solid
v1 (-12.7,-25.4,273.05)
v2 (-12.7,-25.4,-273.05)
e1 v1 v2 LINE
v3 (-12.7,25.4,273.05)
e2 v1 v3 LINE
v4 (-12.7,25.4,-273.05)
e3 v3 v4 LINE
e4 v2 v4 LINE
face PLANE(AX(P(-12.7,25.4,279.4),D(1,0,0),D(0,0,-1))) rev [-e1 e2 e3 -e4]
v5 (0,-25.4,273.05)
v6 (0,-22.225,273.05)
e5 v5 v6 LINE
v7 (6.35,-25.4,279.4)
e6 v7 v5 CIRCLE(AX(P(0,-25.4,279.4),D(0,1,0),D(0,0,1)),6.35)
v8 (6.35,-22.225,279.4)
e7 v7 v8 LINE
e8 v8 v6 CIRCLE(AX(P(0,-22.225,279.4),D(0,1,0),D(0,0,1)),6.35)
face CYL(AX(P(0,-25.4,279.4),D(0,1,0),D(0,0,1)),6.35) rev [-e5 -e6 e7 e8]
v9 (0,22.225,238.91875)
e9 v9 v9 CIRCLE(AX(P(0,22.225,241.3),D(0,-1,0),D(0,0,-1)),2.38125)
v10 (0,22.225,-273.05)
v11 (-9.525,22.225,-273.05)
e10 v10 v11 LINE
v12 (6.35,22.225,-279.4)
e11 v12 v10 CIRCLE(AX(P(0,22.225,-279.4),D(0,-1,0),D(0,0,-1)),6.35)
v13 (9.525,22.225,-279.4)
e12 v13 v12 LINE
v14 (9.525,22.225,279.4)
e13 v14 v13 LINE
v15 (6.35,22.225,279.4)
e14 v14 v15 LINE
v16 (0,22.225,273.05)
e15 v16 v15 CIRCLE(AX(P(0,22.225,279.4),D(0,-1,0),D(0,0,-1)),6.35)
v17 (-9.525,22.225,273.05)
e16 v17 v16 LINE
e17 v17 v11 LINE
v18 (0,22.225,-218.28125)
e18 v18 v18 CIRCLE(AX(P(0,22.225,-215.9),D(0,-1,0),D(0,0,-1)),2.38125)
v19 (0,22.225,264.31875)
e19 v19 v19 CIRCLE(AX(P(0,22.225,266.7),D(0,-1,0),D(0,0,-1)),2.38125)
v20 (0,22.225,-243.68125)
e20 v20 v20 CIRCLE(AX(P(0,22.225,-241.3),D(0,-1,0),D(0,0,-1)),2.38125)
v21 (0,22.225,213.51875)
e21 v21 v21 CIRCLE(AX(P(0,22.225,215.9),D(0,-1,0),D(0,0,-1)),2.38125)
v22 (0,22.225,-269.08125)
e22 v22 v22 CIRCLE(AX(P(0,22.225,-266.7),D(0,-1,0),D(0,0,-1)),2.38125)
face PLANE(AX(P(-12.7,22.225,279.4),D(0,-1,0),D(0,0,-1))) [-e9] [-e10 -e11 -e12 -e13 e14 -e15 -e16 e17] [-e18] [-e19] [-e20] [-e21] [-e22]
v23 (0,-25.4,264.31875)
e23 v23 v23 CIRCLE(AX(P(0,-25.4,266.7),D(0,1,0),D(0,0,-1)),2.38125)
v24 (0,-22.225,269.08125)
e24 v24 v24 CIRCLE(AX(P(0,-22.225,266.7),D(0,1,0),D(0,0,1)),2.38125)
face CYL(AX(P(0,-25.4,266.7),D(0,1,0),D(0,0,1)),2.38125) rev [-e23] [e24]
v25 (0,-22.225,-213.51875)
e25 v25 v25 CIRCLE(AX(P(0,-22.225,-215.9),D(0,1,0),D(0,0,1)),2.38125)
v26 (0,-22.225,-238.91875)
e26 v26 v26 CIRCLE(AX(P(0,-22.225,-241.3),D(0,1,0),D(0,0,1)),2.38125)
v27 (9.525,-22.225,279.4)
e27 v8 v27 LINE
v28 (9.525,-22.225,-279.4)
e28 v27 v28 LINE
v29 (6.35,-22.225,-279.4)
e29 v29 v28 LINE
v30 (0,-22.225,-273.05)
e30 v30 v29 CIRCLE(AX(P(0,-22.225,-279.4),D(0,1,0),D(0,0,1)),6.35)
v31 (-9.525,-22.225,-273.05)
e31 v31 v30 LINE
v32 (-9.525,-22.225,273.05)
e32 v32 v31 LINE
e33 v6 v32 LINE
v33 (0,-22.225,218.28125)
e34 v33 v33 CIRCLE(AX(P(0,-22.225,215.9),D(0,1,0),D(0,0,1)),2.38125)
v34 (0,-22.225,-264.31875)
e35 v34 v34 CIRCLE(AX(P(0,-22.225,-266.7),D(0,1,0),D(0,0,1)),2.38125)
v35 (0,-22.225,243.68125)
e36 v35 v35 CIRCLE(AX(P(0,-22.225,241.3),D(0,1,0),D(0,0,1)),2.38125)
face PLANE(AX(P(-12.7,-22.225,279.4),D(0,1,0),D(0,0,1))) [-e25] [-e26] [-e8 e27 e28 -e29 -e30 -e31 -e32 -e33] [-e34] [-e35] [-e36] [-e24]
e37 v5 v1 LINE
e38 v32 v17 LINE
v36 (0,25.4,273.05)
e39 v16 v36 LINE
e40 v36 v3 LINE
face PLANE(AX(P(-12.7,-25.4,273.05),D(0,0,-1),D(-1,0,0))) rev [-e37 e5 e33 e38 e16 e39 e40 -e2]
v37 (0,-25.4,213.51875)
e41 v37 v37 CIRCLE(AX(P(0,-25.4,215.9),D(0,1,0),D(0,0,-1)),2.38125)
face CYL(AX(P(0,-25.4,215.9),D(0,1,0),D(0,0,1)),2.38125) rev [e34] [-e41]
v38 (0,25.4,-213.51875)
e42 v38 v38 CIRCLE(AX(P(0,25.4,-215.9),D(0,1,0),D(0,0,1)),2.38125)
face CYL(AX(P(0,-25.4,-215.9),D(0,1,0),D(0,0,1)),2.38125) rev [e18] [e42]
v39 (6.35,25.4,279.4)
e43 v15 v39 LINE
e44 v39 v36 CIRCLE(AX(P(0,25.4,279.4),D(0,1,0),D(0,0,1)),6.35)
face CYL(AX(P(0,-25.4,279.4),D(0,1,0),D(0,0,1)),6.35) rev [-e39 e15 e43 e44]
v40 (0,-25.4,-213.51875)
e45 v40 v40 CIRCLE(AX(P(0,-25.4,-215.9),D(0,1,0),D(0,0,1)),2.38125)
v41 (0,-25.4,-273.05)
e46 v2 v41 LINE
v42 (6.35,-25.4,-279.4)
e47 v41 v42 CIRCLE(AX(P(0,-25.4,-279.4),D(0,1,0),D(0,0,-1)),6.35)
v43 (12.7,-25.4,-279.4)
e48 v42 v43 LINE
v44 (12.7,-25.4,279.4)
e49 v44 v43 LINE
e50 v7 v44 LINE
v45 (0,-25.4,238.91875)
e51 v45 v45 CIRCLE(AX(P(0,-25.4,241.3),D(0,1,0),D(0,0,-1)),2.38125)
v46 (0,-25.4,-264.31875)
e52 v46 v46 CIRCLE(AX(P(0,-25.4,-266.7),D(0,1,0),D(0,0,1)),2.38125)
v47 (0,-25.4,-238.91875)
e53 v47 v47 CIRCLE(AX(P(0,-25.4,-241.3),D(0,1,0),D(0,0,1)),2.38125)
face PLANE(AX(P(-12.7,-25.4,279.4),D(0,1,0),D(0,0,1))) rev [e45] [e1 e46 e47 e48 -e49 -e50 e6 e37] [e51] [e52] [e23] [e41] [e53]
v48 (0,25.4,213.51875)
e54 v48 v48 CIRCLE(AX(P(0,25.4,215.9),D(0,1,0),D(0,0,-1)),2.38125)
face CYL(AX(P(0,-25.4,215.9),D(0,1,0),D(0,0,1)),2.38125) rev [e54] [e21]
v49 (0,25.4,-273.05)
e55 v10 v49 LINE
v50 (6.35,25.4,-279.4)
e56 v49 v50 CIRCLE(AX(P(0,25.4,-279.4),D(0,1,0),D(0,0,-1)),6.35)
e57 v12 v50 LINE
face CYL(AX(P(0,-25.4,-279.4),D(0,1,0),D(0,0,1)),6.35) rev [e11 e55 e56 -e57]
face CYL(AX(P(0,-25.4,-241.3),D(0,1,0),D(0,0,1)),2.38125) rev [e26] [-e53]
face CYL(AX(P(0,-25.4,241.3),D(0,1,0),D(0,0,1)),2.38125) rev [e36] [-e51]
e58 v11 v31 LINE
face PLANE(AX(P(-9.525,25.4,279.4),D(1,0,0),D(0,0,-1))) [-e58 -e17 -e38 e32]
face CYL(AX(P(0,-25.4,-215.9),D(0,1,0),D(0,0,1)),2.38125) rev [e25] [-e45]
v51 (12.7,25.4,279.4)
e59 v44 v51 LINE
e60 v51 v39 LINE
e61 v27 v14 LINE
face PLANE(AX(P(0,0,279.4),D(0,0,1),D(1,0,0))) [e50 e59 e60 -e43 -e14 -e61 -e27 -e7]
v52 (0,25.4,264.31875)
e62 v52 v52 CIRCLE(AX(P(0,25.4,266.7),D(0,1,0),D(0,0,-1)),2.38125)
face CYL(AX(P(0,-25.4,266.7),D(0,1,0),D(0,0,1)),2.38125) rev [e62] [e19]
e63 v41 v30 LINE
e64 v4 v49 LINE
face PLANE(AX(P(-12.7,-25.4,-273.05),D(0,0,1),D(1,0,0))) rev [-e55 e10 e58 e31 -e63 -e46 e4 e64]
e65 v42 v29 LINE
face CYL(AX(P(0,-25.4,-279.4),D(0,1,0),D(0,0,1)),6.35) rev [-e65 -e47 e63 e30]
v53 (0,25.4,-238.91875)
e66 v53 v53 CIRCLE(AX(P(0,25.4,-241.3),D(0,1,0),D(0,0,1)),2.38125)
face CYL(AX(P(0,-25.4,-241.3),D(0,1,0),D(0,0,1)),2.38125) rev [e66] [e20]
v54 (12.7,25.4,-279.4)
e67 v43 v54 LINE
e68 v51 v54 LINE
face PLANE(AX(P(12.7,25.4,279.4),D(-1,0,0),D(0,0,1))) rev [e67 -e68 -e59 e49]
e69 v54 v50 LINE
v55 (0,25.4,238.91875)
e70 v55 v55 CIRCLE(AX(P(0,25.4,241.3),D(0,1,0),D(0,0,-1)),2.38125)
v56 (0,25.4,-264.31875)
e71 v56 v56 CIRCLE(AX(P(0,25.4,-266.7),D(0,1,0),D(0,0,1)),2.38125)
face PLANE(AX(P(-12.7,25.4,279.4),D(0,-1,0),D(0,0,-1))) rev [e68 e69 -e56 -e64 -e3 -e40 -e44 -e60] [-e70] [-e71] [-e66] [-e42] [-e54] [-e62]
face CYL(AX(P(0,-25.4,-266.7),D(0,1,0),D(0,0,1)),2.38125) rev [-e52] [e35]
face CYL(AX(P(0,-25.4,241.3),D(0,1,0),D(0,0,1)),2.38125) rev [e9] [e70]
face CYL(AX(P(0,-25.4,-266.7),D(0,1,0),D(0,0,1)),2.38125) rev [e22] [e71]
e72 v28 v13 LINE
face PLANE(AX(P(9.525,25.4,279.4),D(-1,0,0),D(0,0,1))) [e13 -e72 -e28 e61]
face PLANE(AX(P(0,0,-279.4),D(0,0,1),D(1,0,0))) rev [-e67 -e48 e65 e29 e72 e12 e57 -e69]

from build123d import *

# Parameters (mm, degrees)
SKETCH1_W           = 25.4
SKETCH1_H           = 50.8
BOSS_EXTRUDE1_DEPTH = 279.4
SHELL1_T            = -3.175
SKETCH3_R           = 2.38125
CUT_EXTRUDE1_DEPTH  = 285.264471927


with BuildPart() as part:
    # Sketch1 → Boss-Extrude1 (new, symmetric)
    with BuildSketch(Plane.XY):
        Rectangle(SKETCH1_W, SKETCH1_H)
    extrude(amount=BOSS_EXTRUDE1_DEPTH, both=True)

    # Shell1
    shell1_openings = [part.faces().sort_by_distance(p)[0] for p in [
        (0, 0, 279.4),
        (0, 0, -279.4),
    ]]
    offset(amount=SHELL1_T, openings=shell1_openings, kind=Kind.INTERSECTION)

    # Sketch3 → Cut-Extrude1 (cut, through all)
    with BuildSketch(Plane(origin=(0, 25.4, 0), x_dir=(1, 0, 0), z_dir=(0, 1, 0))):
        with Locations(Location((0, 266.7, 0), (0, 0, 270))):
            Circle(SKETCH3_R)
        with Locations(Location((0, 241.3, 0), (0, 0, 270))):
            Circle(SKETCH3_R)
        with Locations(Location((0, 215.9, 0), (0, 0, 270))):
            Circle(SKETCH3_R)
        with Locations(Location((0, -215.9, 0), (0, 0, 270))):
            Circle(SKETCH3_R)
        with Locations(Location((0, -241.3, 0), (0, 0, 270))):
            Circle(SKETCH3_R)
        with Locations(Location((0, -266.7, 0), (0, 0, 270))):
            Circle(SKETCH3_R)
        with BuildLine():
            Line((6.35, 279.4), (-12.7, 279.4))
            Line((-12.7, 279.4), (-12.7, 273.05))
            Line((-12.7, 273.05), (0, 273.05))
            ThreePointArc((0, 273.05), (4.490128061, 274.909871939), (6.35, 279.4))
        make_face()
        with BuildLine():
            Line((-12.7, -273.05), (0, -273.05))
            ThreePointArc((0, -273.05), (4.490128061, -274.909871939), (6.35, -279.4))
            Line((6.35, -279.4), (-12.7, -279.4))
            Line((-12.7, -279.4), (-12.7, -273.05))
        make_face()
    extrude(amount=-CUT_EXTRUDE1_DEPTH, mode=Mode.SUBTRACT)


solid = part.part
